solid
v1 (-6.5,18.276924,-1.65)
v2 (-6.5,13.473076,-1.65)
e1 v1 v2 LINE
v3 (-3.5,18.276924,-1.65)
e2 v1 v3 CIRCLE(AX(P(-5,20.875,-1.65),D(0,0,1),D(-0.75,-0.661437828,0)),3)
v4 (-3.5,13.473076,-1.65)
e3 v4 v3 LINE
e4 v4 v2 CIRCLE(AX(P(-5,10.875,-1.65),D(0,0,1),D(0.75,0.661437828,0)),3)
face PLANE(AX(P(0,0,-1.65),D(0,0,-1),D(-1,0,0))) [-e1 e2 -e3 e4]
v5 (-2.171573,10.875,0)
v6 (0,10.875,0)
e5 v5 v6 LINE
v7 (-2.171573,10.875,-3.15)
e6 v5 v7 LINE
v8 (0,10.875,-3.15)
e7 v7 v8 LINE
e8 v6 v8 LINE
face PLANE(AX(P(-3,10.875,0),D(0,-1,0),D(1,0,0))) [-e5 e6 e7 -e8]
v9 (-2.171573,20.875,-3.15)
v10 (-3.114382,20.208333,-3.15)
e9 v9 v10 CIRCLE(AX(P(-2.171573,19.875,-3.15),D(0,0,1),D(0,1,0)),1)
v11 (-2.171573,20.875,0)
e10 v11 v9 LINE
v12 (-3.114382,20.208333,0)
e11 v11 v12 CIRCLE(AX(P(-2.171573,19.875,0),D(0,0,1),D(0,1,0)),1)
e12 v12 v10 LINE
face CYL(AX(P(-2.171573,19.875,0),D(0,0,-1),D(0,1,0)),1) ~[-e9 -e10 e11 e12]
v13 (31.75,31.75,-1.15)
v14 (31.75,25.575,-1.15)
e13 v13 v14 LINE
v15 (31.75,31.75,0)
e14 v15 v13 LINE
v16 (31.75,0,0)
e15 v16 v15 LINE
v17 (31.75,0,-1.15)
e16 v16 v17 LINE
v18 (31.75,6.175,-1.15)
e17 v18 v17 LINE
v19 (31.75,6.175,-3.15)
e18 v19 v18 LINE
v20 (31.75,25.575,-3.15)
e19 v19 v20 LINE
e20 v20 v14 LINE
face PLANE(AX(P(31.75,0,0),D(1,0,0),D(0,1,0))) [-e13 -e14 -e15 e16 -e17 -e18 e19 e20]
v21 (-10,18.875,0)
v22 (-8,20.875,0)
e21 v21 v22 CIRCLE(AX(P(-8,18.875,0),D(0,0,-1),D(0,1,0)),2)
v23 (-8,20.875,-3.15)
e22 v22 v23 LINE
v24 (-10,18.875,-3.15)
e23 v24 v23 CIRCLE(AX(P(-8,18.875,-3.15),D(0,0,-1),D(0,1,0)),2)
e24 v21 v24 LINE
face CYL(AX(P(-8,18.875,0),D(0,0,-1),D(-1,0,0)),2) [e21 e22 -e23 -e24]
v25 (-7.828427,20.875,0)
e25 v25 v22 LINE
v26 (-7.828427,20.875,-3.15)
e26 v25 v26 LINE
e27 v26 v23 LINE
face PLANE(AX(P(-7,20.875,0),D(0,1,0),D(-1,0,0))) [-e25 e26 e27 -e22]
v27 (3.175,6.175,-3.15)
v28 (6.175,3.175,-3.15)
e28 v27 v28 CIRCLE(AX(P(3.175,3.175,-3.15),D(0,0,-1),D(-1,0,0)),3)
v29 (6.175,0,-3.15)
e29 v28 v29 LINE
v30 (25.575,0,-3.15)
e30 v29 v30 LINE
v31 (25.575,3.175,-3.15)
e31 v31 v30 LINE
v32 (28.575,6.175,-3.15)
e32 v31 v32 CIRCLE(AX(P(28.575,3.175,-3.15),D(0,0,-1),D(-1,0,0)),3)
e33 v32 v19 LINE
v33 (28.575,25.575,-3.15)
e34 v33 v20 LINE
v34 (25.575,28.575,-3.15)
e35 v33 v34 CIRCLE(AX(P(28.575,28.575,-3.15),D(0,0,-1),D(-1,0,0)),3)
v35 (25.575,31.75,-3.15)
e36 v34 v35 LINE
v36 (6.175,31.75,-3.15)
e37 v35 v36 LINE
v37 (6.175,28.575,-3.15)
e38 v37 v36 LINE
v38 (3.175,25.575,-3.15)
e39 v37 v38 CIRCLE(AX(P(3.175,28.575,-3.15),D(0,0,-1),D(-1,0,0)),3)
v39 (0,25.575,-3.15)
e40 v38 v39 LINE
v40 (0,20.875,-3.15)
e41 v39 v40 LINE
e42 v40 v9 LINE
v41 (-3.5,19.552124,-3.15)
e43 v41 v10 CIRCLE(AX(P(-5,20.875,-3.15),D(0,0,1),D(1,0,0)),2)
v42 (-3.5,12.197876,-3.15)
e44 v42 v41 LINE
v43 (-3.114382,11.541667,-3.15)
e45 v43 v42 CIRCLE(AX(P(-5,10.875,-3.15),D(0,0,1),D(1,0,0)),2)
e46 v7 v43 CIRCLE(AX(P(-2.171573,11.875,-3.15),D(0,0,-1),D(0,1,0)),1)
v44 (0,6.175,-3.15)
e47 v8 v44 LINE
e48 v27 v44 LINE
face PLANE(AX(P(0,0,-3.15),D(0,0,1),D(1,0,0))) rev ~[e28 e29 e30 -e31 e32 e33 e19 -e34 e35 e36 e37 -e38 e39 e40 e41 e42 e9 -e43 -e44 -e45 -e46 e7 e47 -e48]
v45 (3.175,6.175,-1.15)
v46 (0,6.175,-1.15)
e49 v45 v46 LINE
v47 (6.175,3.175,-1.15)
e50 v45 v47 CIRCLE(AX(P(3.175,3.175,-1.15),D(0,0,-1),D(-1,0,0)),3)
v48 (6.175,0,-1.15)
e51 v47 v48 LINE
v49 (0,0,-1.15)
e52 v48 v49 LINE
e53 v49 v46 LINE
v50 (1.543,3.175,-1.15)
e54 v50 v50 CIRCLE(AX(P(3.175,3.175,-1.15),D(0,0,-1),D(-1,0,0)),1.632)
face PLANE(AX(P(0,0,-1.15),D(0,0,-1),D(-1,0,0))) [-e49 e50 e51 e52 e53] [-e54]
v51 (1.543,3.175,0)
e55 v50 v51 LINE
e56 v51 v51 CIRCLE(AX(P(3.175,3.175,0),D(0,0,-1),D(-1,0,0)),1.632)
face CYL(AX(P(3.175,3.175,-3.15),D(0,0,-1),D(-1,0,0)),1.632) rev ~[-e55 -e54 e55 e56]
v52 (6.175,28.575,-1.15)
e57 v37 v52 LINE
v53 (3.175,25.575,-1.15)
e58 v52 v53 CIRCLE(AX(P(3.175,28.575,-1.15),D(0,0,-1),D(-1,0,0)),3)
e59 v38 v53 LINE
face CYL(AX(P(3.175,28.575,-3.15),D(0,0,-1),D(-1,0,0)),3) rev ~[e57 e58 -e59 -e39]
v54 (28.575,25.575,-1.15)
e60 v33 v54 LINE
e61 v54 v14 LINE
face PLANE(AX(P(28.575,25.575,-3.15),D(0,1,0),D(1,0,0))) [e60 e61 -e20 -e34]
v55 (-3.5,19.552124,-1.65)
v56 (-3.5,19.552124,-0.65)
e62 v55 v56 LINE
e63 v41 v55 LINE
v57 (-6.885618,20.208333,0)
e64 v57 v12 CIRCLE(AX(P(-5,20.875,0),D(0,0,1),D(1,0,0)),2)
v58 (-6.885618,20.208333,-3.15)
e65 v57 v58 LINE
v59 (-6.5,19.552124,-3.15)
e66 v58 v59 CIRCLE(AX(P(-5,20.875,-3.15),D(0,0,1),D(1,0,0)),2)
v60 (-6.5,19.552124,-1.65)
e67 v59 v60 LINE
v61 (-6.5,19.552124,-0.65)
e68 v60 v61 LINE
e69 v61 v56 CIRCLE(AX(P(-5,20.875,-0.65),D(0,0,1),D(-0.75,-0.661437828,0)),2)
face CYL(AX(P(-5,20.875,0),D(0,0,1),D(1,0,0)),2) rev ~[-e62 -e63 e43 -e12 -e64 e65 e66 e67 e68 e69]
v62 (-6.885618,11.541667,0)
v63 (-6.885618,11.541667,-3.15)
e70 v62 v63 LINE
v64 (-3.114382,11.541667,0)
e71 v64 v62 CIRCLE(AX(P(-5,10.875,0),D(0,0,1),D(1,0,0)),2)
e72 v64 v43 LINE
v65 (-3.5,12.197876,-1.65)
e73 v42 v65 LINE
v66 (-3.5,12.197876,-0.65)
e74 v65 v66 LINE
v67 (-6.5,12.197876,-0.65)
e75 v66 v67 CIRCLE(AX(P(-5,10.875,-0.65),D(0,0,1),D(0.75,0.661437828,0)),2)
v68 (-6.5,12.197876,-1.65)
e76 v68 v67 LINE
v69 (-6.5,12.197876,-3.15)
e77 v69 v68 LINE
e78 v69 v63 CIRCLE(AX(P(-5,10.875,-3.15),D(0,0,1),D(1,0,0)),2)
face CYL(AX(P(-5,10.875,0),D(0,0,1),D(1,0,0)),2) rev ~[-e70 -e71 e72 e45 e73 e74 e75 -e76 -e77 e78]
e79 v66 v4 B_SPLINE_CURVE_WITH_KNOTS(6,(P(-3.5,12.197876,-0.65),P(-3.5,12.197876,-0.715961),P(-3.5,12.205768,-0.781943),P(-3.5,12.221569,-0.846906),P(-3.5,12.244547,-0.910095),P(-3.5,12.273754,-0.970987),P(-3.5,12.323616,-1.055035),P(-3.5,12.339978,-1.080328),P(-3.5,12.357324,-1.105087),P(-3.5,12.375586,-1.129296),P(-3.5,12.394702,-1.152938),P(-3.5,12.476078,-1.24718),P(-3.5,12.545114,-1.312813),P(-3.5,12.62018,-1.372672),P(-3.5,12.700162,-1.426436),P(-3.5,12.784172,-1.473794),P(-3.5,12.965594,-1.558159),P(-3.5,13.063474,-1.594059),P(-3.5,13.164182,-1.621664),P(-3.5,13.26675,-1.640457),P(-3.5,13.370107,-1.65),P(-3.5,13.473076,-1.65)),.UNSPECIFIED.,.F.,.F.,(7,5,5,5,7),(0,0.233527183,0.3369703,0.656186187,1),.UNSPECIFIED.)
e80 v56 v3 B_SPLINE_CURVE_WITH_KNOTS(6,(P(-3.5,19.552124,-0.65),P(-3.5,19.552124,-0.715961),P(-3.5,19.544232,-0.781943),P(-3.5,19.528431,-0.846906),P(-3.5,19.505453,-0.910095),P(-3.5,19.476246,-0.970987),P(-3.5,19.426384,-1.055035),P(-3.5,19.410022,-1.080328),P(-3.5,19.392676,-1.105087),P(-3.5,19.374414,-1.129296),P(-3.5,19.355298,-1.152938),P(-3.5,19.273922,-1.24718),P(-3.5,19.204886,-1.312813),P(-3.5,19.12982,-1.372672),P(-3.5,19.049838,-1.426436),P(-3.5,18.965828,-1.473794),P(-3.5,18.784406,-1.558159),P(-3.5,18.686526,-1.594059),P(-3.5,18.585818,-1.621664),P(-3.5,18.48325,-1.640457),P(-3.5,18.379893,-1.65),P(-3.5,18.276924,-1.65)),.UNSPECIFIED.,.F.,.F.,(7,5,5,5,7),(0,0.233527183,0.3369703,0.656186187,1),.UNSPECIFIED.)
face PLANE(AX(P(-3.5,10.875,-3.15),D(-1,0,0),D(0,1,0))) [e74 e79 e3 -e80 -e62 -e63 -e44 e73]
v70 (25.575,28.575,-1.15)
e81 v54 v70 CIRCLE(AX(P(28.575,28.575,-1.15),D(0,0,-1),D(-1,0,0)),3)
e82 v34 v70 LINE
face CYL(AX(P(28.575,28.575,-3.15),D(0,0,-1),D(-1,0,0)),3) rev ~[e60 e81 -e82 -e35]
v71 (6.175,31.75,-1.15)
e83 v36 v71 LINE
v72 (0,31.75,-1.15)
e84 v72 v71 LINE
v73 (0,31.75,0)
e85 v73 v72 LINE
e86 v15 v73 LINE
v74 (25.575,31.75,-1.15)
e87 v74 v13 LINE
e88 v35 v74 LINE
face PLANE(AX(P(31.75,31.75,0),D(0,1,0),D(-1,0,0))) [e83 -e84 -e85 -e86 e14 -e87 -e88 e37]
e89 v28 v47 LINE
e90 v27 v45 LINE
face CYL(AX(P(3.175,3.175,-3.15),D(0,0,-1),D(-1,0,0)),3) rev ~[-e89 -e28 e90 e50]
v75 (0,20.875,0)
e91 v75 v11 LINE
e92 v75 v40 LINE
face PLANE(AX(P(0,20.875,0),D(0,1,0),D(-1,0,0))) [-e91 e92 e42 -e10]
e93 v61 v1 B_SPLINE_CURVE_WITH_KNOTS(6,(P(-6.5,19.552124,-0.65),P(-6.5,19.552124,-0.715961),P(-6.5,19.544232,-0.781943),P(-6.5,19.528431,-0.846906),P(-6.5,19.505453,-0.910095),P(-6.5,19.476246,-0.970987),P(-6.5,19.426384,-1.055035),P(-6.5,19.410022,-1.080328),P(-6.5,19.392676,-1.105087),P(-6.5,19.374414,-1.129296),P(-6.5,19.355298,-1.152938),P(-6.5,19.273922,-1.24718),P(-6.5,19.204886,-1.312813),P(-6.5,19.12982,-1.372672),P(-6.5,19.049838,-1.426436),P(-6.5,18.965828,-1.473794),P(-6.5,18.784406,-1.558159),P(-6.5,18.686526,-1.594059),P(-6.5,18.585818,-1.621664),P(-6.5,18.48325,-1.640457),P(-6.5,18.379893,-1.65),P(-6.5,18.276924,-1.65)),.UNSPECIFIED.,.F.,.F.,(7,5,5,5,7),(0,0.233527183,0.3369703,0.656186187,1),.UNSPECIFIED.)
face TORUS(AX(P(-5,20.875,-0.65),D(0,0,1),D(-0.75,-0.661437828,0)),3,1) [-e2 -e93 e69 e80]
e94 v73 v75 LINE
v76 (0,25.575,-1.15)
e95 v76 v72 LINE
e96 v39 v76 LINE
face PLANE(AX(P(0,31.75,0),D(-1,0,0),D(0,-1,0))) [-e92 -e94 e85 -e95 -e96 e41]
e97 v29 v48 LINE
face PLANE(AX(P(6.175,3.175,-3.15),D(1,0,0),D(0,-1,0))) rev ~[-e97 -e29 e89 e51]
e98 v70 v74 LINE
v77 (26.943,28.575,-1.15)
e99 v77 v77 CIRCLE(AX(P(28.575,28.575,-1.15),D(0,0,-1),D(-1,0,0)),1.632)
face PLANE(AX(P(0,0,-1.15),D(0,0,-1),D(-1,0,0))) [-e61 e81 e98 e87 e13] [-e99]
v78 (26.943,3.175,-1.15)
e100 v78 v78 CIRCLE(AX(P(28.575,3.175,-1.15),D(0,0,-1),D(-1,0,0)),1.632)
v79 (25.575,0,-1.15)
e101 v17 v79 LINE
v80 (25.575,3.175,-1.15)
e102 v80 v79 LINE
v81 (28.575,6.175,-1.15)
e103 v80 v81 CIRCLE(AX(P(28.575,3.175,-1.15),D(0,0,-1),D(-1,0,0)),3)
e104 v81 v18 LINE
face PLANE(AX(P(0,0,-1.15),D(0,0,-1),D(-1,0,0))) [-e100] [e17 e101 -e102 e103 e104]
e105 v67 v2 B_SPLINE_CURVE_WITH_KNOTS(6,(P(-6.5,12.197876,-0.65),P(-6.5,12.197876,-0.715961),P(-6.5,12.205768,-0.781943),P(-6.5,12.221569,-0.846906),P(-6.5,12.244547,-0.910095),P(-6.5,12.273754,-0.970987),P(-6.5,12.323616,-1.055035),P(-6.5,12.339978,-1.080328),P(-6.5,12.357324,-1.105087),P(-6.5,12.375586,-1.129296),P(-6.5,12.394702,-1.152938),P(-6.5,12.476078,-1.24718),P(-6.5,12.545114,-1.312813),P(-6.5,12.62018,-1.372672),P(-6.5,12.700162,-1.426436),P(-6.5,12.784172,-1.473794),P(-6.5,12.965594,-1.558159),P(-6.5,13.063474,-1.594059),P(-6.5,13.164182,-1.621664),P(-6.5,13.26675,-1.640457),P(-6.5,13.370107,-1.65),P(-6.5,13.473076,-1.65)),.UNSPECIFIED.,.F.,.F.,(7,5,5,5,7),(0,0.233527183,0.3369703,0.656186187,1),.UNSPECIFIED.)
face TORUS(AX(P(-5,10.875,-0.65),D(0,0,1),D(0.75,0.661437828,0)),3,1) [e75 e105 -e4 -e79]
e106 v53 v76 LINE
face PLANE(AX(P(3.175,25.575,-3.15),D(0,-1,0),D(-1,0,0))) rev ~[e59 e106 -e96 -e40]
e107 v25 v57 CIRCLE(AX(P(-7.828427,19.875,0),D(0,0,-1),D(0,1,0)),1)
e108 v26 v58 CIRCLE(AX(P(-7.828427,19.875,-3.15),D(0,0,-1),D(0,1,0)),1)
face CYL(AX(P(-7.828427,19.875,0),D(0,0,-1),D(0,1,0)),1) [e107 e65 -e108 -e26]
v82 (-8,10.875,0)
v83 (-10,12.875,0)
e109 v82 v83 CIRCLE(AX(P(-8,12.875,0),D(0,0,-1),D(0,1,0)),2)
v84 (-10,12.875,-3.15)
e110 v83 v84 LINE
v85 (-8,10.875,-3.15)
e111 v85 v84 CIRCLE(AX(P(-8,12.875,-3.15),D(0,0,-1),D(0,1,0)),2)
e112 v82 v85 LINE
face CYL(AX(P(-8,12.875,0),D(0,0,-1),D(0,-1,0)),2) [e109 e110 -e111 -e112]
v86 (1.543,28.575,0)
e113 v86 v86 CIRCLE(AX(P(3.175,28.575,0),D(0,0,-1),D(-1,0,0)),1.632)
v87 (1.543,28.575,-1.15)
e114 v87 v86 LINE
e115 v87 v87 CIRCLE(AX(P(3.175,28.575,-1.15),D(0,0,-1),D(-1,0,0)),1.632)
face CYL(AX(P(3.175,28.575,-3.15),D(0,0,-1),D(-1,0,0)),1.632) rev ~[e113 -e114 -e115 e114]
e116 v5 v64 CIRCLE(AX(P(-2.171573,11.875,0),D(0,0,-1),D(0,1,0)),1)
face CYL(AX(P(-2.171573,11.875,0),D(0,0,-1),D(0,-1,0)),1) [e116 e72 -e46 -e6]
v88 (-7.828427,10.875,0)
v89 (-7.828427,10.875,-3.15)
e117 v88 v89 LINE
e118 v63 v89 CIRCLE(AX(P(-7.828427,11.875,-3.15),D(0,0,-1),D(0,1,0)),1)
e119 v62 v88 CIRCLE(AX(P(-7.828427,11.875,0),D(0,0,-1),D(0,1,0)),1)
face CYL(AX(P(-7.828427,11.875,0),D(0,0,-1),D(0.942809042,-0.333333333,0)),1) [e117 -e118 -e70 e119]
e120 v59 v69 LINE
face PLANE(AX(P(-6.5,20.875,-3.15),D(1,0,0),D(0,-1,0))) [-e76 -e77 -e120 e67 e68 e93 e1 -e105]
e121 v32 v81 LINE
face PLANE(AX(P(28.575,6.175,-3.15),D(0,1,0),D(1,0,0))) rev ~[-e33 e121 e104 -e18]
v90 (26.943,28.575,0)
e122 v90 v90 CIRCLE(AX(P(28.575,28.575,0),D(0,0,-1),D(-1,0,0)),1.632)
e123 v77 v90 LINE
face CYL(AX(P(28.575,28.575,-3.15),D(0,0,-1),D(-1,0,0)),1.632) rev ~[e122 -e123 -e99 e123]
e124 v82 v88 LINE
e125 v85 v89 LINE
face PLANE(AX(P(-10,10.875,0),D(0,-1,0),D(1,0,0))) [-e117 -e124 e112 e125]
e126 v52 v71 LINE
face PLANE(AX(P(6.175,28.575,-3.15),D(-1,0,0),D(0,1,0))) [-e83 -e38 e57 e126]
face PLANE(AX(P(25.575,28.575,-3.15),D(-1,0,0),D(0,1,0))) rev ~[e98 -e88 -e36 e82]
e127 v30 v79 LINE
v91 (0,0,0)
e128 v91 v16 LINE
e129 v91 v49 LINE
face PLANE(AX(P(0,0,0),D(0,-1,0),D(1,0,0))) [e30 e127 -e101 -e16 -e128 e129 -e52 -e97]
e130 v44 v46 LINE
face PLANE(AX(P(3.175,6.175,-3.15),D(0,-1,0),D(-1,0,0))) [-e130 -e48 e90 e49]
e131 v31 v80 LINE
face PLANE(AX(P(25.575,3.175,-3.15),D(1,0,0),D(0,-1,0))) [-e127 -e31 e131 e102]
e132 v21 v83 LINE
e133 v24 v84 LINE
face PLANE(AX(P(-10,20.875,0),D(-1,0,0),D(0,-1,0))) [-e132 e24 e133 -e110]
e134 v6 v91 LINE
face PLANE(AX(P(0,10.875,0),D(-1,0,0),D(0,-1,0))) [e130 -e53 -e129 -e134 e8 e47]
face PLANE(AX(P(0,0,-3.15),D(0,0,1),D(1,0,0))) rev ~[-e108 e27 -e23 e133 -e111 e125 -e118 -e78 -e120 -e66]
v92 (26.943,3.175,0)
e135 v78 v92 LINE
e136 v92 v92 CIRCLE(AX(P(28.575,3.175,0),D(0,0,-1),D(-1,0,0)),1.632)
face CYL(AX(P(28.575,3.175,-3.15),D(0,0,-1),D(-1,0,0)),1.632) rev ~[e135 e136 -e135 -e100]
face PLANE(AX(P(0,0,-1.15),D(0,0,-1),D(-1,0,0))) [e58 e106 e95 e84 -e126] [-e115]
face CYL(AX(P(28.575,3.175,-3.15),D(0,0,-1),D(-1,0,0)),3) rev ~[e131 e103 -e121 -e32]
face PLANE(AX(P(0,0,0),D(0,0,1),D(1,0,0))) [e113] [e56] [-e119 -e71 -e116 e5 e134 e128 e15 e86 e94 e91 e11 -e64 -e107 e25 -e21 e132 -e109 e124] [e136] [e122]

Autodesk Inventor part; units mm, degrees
ref_plane "YZ Plane" through (0, 0, 0) normal (1, 0, 0) x (0, 1, 0)
ref_plane "XZ Plane" through (0, 0, 0) normal (0, 1, 0) x (-1, 0, 0)
ref_plane "XY Plane" through (0, 0, 0) normal (0, 0, 1) x (1, 0, 0)
sketch "Sketch1" plane through (0, 0, 0) normal (0, 0, 1) x (1, 0, 0)
  line L0 (0, 0) -> (31.75, 0)
  line L1 (31.75, 0) -> (31.75, 31.75)
  line L2 (31.75, 31.75) -> (0, 31.75)
  line L3 (0, 31.75) -> (0, 0)
  line L4 (0, 0) -> (0, 31.75)
  line L5 (0, 20.875) -> (-10, 20.875)
  line L6 (-10, 20.875) -> (-10, 10.875)
  line L7 (-10, 10.875) -> (0, 10.875)
  line L8 (0, 10.875) -> (0, 20.875)
  circle A0 centre (-5, 20.875) radius 2
  circle A1 centre (-5, 10.875) radius 2
  point P0 (-10, 15.875)
  point P1 (0, 15.875)
  point P2 (-7, 10.875)
  point P3 (-3, 10.875)
  point P4 (-3, 20.875)
  point P5 (-7, 20.875)
  dimension "d0" = 31.75
  dimension "d1" = 31.75
  dimension "d19" = 10
  dimension "d20" = 4
  dimension "d21" = 4
  dimension "d22" = 10
  dimension "d23" = 0
extrude "Extrusion1" add sketch "Sketch1" against normal blind 3.15 contours L3 L2 L1 L0 | L7 A1 L6 L5 A0 L3
sketch "Sketch2" plane through (0, 0, -3.15) normal (0, 0, -1) x (-1, 0, 0)
  circle A0 centre (-28.575, 28.575) radius 1.632
  circle A1 centre (-28.575, 28.575) radius 3
  line L0 (-28.575, 28.575) -> (-3.175, 28.575) construction
  line L1 (-3.175, 28.575) -> (-3.175, 3.175) construction
  line L2 (-3.175, 3.175) -> (-28.575, 3.175) construction
  line L3 (-28.575, 3.175) -> (-28.575, 28.575) construction
  line L4 (-31.75, 31.75) -> (-31.75, 0) projected
  line L5 (0, 31.75) -> (-31.75, 31.75) projected
  line L6 (-25.575, 28.575) -> (-25.575, 31.75)
  line L7 (-28.575, 25.575) -> (-31.75, 25.575)
  line L8 (-15.875, 28.575) -> (-15.875, 3.175) construction
  line L9 (-3.175, 15.875) -> (-28.575, 15.875) construction
  line L10 (-25.575, 3.175) -> (-25.575, 0)
  circle A2 centre (-28.575, 3.175) radius 1.632
  circle A3 centre (-28.575, 3.175) radius 3
  line L11 (-28.575, 6.175) -> (-31.75, 6.175)
  line L12 (-3.175, 6.175) -> (0, 6.175)
  circle A4 centre (-3.175, 3.175) radius 1.632
  circle A5 centre (-3.175, 3.175) radius 3
  line L13 (-6.175, 3.175) -> (-6.175, 0)
  line L14 (-6.175, 28.575) -> (-6.175, 31.75)
  circle A6 centre (-3.175, 28.575) radius 1.632
  circle A7 centre (-3.175, 28.575) radius 3
  line L15 (-3.175, 25.575) -> (0, 25.575)
  line L16 (-31.75, 0) -> (0, 0) projected
  line L17 (0, 20.875) -> (0, 31.75) projected
  line L18 (0, 0) -> (0, 10.875) projected
  point P0 (-31.75, 15.875)
  point P1 (10, 31.75)
  point P2 (-15.875, 15.875)
  point P3 (-15.875, 15.875)
  point P4 (10, 0)
  dimension "d5" = 3.2639
  dimension "d6" = 6
  dimension "d7" = 25.4
  dimension "d8" = 25.4
  dimension "d9" = 3.175
  dimension "d10" = 3.175
  dimension "d13" = 360
extrude "Extrusion2" cut sketch "Sketch2" against normal blind 2
extrude "Extrusion3" cut sketch "Sketch2" against normal through all contours A0 | A2 | A4 | A6
sketch "Sketch3" plane through (0, 0, -3.15) normal (0, 0, -1) x (-1, 0, 0)
  line L0 (3.5, 20.875) -> (6.5, 20.875)
  line L1 (6.5, 20.875) -> (6.5, 10.875)
  line L2 (6.5, 10.875) -> (3.5, 10.875)
  line L3 (3.5, 10.875) -> (3.5, 20.875)
  line L4 (7, 10.875) -> (10, 10.875) projected
  point P0 (0, 0)
  point P1 (3, 20.875)
  point P2 (3, 10.875)
  dimension "d26" = 0.5
  dimension "d27" = 0.5
  dimension "d28" = 3
extrude "Extrusion4" cut sketch "Sketch3" against normal blind 1.5
fillet "Fillet1" radius 1 6 edges at (-5, 18.875, -1.65) (-3, 20.875, -1.575) (-7, 20.875, -1.575) (-5, 12.875, -1.65) (-7, 10.875, -1.575) (-3, 10.875, -1.575)
fillet "Fillet2" radius 2 2 edges at (-10, 20.875, -1.575) (-10, 10.875, -1.575)
properties part number "lna605_base"
